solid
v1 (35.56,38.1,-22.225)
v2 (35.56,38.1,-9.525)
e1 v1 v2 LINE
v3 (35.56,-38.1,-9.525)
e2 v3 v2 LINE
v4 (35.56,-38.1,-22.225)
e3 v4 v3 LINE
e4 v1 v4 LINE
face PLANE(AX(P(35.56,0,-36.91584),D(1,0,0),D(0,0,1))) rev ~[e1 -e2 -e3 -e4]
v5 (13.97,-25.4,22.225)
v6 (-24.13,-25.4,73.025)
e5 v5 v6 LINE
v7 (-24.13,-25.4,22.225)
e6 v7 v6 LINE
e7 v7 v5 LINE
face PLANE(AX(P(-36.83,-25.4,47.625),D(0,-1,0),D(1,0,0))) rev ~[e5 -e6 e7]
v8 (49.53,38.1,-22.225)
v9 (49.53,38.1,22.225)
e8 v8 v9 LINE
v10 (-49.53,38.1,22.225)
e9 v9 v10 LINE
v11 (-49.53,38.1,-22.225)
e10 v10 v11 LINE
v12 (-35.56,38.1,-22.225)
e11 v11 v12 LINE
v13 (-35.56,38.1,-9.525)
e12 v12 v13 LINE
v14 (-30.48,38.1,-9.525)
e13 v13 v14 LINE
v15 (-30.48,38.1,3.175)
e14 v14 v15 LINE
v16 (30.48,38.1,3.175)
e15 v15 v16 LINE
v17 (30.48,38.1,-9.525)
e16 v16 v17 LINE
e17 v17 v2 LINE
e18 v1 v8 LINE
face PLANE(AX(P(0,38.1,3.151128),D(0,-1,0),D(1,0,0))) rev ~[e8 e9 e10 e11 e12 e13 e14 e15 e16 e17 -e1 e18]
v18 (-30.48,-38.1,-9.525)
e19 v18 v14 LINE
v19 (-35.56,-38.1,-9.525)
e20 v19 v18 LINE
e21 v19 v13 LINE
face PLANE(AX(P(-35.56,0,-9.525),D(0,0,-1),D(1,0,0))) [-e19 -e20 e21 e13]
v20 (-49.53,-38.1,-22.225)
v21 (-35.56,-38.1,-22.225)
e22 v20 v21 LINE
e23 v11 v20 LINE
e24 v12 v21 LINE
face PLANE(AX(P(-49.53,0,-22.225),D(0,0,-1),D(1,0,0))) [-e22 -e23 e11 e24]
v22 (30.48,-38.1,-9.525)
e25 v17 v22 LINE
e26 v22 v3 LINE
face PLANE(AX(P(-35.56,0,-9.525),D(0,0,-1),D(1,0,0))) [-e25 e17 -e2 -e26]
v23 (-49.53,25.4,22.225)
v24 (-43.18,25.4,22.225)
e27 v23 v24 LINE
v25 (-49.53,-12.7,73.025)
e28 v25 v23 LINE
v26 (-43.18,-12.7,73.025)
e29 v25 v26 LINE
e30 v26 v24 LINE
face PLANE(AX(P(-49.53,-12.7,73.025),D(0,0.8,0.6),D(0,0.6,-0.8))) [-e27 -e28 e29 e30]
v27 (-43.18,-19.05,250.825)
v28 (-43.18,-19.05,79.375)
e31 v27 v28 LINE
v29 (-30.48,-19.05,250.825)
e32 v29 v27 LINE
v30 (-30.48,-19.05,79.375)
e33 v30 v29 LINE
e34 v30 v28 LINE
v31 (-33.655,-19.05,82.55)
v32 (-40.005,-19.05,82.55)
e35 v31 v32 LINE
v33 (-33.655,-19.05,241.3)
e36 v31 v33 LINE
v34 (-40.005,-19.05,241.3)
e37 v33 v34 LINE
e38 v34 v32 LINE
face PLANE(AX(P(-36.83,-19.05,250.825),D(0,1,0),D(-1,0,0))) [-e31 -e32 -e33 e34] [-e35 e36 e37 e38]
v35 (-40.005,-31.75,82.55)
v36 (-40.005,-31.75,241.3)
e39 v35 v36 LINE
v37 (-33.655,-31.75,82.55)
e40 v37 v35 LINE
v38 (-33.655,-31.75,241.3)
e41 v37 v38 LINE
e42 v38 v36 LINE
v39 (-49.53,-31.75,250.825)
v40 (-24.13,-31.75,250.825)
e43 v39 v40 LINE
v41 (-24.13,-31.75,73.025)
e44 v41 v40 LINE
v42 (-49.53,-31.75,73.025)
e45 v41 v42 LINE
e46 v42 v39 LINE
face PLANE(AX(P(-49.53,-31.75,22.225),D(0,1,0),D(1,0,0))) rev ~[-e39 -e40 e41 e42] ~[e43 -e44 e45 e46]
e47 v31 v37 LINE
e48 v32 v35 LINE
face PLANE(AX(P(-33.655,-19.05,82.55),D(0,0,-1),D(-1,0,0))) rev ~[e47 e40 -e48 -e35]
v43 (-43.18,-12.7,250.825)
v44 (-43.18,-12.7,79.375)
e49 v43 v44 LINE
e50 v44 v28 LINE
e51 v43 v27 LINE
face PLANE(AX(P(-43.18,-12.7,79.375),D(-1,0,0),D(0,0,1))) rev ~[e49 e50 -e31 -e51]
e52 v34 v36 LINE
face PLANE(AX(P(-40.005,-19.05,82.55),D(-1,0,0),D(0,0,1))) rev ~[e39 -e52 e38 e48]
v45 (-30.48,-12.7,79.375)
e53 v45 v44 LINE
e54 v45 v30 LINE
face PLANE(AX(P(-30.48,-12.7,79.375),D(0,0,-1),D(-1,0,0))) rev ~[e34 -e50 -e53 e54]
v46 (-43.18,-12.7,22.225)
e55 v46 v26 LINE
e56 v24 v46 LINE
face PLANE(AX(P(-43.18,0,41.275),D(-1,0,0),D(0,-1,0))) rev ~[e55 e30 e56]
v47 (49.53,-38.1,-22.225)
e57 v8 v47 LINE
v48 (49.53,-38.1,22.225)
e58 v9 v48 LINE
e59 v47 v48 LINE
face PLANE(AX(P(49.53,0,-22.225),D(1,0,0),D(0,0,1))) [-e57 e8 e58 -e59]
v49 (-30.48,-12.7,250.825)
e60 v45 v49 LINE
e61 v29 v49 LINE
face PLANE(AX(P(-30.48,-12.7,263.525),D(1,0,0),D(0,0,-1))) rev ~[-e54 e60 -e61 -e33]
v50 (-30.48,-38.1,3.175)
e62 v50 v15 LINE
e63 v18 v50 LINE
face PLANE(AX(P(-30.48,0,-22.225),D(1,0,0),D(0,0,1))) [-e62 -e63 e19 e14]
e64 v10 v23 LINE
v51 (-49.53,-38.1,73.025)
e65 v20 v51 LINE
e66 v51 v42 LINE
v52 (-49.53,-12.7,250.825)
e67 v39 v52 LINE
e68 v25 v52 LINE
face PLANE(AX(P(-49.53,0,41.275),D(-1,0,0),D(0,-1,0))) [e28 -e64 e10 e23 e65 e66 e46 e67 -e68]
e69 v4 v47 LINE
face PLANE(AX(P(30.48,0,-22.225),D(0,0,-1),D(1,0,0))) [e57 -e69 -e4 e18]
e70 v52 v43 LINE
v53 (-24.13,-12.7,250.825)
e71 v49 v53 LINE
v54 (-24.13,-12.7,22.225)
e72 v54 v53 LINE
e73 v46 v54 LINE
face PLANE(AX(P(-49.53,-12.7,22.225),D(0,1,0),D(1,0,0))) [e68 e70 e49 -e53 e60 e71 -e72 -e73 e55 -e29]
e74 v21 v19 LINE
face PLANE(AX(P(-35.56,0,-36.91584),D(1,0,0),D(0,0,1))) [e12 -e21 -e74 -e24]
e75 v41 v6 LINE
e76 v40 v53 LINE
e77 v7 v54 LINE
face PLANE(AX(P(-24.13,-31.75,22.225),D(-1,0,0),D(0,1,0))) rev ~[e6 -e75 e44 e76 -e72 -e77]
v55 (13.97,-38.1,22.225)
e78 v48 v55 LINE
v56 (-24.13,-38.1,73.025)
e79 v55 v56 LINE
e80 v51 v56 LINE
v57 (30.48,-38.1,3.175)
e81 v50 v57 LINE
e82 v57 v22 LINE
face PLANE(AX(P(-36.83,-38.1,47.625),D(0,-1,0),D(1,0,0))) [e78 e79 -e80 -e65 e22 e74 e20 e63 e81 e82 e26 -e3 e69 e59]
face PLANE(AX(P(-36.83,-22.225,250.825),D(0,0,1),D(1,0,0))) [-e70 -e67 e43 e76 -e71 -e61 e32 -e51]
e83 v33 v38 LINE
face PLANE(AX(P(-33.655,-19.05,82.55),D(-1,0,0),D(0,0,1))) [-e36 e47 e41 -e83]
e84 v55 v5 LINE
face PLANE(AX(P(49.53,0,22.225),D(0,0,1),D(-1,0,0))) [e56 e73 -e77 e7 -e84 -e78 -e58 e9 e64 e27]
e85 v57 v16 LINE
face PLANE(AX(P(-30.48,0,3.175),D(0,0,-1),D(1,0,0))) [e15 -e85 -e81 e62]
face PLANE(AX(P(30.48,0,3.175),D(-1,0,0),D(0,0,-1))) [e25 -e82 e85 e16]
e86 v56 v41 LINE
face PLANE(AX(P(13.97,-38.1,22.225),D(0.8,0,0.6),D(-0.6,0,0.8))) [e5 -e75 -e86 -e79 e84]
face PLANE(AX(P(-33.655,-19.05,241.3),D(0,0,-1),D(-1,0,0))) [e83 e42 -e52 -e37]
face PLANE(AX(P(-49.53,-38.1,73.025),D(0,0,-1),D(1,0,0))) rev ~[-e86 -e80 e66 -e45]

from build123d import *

# Parameters (mm, degrees)
F1_DEPTH  = 38.1
F2_W      = 71.12
F2_H      = 27.39084
F3_DEPTH  = 50.8
F4_W      = 25.4
F4_H      = 19.05
F5_DEPTH  = 228.6
F6_W      = 25.4
F6_H      = 50.8
F7_DEPTH  = 12.7
F9_DEPTH  = 6.35
F10_W     = 12.7
F10_H     = 165.1
F11_DEPTH = 6.35
F12_W     = 6.35
F12_H     = 158.75
F13_DEPTH = 25.4
F14_W     = 12.7
F14_H     = 25.4
F14_H_2   = 6.35
F15_DEPTH = 6.35


with BuildPart() as f1:
    # F0 (on Front) → F1 (new body, symmetric)
    with BuildSketch(Plane.XZ):
        Polygon((30.48, -22.225), (49.53, -22.225), (49.53, 22.225), (-49.53, 22.225), (-49.53, -22.225), (-30.48, -22.225), (-30.48, 3.175), (30.48, 3.175), align=None)
    extrude(amount=F1_DEPTH, both=True)

    # F2 (on Front) → F3 (cut, symmetric)
    with BuildSketch(Plane.XZ):
        with Locations((0, -23.22042)):
            Rectangle(F2_W, F2_H)
    extrude(amount=F3_DEPTH, both=True, mode=Mode.SUBTRACT)

    # F4 (on face) → F5 (join)
    with BuildSketch(Plane.XY.offset(22.225)):
        with Locations((-36.83, -22.225)):
            Rectangle(F4_W, F4_H)
    extrude(amount=F5_DEPTH)

    # F6 (on face) → F7 (join)
    with BuildSketch(Plane.XZ.offset(38.1)):
        with Locations((-36.83, 47.625)):
            Rectangle(F6_W, F6_H)
        Polygon((-24.13, 73.025), (-24.13, 22.225), (13.97, 22.225), align=None)
    extrude(amount=-F7_DEPTH)

    # F8 (on face) → F9 (join)
    with BuildSketch(Plane(origin=(-49.53, 0, 0), x_dir=(0, -1, 0), z_dir=(-1, 0, 0))):
        Polygon((-25.4, 22.225), (12.7, 22.225), (12.7, 73.025), align=None)
    extrude(amount=-F9_DEPTH)

    # F10 (on face) → F11 (cut)
    with BuildSketch(Plane(origin=(0, -12.7, 0), x_dir=(-1, 0, 0), z_dir=(0, 1, 0))):
        with Locations((36.83, 161.925)):
            Rectangle(F10_W, F10_H)
    extrude(amount=-F11_DEPTH, mode=Mode.SUBTRACT)

    # F12 (on face) → F13 (cut)
    with BuildSketch(Plane(origin=(0, -19.05, 0), x_dir=(-1, 0, 0), z_dir=(0, 1, 0))):
        with Locations((36.83, 161.925)):
            Rectangle(F12_W, F12_H)
    extrude(amount=-F13_DEPTH, mode=Mode.SUBTRACT)

    # F14 (on face) → F15 (cut)
    with BuildSketch(Plane(origin=(0, -12.7, 0), x_dir=(-1, 0, 0), z_dir=(0, 1, 0))):
        with Locations((36.83, 250.825)):
            Rectangle(F14_W, F14_H)
        with Locations((36.83, 241.3)):
            Rectangle(F14_W, F14_H_2)
    extrude(amount=-F15_DEPTH, mode=Mode.SUBTRACT)


solid = f1.part
